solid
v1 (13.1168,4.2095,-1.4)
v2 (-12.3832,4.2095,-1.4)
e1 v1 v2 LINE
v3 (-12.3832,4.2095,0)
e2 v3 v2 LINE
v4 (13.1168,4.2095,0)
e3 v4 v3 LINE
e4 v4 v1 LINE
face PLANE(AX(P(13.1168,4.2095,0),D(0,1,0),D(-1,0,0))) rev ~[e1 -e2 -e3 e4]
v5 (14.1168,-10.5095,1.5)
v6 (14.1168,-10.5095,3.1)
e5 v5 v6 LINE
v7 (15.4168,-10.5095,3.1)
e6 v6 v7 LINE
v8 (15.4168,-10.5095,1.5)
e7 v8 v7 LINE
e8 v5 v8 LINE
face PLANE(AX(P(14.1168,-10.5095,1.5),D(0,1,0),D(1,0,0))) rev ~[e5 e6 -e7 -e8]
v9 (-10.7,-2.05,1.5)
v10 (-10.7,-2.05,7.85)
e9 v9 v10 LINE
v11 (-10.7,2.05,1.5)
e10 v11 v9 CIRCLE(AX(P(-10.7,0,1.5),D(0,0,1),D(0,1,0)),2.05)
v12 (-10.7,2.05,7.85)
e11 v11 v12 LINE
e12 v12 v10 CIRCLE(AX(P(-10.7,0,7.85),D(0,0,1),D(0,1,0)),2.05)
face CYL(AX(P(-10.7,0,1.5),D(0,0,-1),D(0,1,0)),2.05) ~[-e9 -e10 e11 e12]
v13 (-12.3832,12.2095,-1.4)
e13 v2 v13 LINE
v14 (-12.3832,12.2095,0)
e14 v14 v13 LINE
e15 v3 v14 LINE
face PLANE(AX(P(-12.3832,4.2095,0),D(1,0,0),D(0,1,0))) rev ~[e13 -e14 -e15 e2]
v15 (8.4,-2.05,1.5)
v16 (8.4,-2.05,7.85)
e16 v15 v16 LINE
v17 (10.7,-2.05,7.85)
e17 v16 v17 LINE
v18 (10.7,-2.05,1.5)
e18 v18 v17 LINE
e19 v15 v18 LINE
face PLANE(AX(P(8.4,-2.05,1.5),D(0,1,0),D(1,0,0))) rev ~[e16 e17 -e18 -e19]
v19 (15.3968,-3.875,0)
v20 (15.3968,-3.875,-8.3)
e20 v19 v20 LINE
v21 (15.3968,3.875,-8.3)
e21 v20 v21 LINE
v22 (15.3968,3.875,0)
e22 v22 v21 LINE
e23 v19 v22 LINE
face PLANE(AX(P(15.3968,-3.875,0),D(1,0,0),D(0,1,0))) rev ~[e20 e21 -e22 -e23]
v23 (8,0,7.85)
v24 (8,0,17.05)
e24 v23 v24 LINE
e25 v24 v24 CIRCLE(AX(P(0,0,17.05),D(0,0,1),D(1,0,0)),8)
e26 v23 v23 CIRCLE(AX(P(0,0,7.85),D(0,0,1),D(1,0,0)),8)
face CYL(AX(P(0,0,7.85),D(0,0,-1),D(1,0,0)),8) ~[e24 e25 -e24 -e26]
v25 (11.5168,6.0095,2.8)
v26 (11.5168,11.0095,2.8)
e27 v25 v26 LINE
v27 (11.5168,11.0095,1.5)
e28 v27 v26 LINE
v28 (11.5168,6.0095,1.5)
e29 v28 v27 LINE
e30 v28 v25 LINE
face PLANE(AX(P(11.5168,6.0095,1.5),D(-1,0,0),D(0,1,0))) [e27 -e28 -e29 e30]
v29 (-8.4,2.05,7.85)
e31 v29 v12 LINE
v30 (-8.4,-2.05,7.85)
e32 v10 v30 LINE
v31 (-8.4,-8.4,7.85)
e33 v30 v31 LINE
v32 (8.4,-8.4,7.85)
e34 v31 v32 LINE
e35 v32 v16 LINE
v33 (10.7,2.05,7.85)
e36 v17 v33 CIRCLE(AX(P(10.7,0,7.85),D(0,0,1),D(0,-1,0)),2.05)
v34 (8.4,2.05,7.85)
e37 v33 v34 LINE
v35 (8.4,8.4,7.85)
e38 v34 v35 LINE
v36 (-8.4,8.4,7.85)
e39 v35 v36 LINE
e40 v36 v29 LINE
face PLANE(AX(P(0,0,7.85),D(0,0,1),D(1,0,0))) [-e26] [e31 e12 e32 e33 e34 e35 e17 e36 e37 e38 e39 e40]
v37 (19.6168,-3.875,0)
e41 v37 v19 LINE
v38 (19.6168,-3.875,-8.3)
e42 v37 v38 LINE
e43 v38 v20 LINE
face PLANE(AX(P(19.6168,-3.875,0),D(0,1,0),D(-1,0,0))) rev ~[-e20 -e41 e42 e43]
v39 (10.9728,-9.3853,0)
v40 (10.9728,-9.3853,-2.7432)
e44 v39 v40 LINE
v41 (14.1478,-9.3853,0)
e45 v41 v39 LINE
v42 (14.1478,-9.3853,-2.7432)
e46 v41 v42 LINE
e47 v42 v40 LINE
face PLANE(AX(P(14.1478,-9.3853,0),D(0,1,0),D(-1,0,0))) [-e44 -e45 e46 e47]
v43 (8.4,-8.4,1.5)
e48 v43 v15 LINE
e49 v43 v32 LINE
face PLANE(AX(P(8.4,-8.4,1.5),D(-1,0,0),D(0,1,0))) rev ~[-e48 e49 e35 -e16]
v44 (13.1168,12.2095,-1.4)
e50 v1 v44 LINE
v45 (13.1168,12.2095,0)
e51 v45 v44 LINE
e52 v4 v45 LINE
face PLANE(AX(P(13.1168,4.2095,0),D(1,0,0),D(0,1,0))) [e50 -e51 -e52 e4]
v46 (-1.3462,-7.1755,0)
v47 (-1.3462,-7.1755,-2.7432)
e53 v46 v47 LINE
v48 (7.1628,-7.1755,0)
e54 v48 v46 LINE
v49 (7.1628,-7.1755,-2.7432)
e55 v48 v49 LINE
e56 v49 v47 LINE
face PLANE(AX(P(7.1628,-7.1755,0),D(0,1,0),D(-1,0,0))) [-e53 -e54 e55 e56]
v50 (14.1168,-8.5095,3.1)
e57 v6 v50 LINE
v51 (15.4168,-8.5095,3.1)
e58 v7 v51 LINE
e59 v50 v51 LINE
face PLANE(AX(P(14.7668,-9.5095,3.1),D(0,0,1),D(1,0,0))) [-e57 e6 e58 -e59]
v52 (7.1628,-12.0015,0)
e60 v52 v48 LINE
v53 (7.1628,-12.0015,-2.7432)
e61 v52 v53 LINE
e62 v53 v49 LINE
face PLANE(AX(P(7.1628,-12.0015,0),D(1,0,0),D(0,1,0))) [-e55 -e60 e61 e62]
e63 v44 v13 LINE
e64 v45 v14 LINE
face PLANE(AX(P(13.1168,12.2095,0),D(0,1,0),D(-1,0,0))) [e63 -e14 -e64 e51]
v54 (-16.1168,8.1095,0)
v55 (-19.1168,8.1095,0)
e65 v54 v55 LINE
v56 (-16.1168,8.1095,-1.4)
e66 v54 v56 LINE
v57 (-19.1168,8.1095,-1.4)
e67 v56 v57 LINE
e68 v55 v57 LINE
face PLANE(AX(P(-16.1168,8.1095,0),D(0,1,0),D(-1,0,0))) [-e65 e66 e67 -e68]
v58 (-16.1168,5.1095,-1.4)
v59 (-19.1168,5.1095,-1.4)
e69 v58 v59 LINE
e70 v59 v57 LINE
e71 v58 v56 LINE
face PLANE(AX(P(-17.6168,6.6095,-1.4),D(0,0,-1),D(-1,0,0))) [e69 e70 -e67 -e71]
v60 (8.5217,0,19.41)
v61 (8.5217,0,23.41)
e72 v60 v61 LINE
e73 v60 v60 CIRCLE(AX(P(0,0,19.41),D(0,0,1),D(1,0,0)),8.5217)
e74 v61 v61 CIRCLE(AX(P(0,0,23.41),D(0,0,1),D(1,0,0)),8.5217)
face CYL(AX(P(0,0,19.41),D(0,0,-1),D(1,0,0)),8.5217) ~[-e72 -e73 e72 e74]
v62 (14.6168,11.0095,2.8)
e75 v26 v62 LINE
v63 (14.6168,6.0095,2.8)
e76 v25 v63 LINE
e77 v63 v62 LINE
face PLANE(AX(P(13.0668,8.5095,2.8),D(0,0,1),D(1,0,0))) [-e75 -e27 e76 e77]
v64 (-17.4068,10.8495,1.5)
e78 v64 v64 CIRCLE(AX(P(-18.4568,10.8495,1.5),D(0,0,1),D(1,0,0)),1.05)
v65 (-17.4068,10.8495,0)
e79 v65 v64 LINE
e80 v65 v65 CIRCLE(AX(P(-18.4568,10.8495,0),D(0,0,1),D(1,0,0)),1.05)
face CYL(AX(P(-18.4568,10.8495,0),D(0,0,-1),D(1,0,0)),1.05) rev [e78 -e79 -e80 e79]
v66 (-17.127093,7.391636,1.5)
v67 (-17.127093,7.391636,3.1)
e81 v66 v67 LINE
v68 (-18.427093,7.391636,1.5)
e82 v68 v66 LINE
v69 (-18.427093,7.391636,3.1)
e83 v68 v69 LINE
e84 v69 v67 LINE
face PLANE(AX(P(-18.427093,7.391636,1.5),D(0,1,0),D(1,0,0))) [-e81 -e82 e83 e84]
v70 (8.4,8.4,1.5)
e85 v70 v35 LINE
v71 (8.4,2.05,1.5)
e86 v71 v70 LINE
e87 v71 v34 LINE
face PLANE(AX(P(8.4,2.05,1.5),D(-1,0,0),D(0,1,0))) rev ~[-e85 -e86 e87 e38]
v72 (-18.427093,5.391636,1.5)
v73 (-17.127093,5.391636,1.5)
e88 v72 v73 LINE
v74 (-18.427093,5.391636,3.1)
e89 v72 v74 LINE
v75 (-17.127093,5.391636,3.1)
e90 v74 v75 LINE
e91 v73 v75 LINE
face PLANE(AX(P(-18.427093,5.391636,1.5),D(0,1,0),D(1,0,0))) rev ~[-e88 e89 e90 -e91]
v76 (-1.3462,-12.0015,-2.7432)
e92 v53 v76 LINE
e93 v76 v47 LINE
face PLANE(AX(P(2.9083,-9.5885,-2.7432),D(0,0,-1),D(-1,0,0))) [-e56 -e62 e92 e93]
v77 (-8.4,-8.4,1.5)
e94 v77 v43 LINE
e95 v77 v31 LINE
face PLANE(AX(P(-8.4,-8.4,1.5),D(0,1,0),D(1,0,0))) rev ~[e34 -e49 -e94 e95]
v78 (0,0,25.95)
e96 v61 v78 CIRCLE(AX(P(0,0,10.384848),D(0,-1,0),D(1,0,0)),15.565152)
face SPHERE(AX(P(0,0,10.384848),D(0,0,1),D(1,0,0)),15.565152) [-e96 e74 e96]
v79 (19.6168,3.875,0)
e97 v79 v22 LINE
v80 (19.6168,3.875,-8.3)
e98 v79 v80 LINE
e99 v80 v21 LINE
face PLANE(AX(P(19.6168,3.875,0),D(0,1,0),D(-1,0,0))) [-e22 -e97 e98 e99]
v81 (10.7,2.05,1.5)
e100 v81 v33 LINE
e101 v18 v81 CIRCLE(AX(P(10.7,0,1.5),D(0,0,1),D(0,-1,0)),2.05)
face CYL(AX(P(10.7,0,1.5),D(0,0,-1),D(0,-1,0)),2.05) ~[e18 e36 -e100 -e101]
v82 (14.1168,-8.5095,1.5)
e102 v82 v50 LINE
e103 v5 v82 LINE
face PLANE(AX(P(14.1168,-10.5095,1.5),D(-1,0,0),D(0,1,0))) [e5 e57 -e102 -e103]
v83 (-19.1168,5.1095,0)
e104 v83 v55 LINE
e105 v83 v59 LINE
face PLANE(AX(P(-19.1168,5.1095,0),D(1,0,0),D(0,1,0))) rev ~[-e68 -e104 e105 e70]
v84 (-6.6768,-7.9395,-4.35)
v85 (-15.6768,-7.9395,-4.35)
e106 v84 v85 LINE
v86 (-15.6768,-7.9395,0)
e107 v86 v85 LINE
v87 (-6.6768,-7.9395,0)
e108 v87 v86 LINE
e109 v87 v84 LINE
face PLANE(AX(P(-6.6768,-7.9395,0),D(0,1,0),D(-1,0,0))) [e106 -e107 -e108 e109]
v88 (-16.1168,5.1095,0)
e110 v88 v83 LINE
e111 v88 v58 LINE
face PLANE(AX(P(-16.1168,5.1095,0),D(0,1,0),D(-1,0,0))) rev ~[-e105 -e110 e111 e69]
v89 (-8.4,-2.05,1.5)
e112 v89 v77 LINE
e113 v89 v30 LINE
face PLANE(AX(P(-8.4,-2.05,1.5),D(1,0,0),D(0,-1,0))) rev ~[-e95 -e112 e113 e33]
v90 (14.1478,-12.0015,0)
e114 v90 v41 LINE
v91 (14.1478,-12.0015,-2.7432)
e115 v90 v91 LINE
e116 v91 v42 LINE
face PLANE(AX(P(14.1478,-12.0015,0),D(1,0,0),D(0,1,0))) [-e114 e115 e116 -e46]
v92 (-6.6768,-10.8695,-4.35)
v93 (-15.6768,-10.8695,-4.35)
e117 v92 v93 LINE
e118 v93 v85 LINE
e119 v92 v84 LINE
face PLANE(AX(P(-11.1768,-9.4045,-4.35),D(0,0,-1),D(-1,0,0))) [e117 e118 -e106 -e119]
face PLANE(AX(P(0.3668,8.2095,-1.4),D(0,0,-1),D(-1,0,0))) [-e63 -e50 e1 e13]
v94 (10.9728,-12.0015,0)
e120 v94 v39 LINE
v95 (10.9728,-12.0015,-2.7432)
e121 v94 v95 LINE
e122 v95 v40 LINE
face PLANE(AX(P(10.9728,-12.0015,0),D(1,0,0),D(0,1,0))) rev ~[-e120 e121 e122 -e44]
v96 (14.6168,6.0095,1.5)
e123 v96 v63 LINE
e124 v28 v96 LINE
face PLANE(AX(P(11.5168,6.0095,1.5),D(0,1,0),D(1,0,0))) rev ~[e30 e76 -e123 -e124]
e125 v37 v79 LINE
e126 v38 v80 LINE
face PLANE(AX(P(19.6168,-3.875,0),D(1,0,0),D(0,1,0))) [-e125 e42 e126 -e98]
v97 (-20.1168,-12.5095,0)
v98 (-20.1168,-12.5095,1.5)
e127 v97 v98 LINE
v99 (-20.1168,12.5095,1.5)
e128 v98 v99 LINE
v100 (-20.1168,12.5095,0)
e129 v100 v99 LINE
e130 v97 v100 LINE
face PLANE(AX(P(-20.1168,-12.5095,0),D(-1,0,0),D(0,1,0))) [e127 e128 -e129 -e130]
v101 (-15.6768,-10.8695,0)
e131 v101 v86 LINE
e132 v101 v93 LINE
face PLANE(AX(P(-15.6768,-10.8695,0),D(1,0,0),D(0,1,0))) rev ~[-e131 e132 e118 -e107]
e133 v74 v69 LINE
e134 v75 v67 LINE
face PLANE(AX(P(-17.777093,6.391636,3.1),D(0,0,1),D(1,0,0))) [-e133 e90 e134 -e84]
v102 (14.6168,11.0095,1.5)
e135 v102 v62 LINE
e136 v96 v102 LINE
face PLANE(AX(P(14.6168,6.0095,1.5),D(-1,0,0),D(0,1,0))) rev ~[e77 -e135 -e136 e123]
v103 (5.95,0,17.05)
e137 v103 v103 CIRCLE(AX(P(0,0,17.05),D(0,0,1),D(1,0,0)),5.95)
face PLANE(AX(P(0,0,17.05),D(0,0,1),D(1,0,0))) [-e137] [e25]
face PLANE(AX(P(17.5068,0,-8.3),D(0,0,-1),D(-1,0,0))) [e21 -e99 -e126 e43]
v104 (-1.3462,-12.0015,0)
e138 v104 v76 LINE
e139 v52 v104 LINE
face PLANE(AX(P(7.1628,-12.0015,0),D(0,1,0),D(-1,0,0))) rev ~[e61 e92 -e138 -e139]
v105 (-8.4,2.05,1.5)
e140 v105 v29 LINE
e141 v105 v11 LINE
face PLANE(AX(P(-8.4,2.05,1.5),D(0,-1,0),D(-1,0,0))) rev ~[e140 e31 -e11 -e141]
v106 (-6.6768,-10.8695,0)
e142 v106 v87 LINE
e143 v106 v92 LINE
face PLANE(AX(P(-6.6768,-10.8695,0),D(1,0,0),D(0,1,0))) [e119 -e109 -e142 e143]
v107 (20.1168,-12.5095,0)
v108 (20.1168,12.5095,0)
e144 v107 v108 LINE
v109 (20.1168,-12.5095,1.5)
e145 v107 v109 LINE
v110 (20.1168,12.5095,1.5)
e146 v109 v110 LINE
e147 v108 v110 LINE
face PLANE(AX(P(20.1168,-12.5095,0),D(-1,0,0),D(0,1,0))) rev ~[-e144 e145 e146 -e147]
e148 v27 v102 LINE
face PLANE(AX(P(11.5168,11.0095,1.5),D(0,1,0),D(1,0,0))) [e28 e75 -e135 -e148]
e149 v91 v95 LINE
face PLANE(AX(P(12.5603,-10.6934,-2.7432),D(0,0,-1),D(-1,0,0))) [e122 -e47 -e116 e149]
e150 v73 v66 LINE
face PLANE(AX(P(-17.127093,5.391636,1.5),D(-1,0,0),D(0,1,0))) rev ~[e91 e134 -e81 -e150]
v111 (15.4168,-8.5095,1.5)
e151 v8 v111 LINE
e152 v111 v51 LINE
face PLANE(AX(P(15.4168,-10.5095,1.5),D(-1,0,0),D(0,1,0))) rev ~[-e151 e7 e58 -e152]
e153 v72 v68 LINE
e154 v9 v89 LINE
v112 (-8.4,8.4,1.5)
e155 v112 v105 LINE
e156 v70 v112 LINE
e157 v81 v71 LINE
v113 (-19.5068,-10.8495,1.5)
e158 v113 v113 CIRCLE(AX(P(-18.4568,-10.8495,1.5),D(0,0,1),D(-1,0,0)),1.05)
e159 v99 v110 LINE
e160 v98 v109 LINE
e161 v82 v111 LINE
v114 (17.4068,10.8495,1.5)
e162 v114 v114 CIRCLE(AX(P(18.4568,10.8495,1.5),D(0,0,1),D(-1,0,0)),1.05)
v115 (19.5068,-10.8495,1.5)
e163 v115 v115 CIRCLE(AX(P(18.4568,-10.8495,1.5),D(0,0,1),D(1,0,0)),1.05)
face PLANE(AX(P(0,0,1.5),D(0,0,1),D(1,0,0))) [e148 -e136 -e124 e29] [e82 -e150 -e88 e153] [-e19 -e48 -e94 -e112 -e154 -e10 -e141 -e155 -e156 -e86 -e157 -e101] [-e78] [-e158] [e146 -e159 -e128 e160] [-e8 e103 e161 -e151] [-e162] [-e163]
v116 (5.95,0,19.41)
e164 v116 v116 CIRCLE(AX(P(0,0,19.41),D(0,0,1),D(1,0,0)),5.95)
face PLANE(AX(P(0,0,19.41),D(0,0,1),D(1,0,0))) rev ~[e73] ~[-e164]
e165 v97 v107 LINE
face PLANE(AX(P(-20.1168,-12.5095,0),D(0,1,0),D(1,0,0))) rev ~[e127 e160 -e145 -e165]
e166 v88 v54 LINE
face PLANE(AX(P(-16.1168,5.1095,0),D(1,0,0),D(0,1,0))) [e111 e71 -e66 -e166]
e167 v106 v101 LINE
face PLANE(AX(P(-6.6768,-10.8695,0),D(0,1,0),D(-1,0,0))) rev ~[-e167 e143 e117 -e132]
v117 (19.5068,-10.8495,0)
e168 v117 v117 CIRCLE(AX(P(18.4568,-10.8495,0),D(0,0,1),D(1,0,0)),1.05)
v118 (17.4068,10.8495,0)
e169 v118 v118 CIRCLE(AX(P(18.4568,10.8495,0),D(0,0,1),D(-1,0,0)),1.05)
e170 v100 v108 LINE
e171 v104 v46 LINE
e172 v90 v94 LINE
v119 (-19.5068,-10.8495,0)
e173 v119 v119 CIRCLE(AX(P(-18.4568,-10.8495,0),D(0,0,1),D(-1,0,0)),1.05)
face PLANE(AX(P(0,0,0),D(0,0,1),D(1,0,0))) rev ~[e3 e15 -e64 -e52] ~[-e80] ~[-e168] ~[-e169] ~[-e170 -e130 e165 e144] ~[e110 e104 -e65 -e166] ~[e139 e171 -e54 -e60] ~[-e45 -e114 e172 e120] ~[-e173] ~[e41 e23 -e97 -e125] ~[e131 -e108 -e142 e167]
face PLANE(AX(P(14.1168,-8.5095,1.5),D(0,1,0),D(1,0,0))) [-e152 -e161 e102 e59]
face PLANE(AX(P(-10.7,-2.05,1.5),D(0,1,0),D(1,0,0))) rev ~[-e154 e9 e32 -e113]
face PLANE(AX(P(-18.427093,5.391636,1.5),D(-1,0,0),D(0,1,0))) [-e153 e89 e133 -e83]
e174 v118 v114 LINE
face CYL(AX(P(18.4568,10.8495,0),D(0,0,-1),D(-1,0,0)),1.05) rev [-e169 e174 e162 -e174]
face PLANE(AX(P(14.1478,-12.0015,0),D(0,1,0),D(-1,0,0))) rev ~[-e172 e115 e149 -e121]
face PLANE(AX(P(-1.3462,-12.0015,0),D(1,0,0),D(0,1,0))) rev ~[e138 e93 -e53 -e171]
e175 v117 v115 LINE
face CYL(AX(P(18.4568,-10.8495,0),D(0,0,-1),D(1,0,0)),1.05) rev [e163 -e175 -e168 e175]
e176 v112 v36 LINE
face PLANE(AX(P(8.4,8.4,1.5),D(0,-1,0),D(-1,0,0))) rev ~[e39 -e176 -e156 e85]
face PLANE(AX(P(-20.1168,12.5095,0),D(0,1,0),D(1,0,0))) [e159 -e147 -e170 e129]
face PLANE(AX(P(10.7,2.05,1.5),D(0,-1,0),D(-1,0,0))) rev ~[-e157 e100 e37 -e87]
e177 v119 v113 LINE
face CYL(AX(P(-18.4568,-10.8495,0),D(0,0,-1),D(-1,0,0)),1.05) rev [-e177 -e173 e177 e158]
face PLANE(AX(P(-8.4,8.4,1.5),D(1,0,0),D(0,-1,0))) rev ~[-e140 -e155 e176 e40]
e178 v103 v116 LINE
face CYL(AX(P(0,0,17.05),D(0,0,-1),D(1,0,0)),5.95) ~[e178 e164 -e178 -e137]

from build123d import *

# Parameters (mm, degrees)
SKETCH2_W            = 40.2336
SKETCH2_H            = 25.019
SKETCH2_R            = 1.05
BOSS_EXTRUDE1_DEPTH  = 1.5
BOSS_EXTRUDE2_DEPTH  = 6.35
SKETCH4_R            = 8
BOSS_EXTRUDE3_DEPTH  = 9.2
SKETCH5_R            = 5.95
BOSS_EXTRUDE4_DEPTH  = 2.36
SKETCH6_R            = 8.5217
LENS_DEPTH           = 4
SKETCH7_W            = 4.22
SKETCH7_H            = 7.75
BOSS_EXTRUDE6_DEPTH  = 8.3
SKETCH8_W            = 9
SKETCH8_H            = 2.93
BOSS_EXTRUDE7_DEPTH  = 4.35
SKETCH9_W            = 3.1
SKETCH9_H            = 5
BOSS_EXTRUDE8_DEPTH  = 1.3
SKETCH10_W           = 25.5
SKETCH10_H           = 8
BOSS_EXTRUDE9_DEPTH  = 1.4
SKETCH11_W           = 1.3
SKETCH11_H           = 2
BOSS_EXTRUDE10_DEPTH = 1.6
SKETCH12_W           = 3
SKETCH12_H           = 3
BOSS_EXTRUDE11_DEPTH = 1.4
SKETCH13_W           = 3.175
SKETCH13_H           = 2.6162
SKETCH13_W_2         = 8.509
SKETCH13_H_2         = 4.826
BOSS_EXTRUDE12_DEPTH = 2.7432
DOME1_FACE_RADIUS    = 8.5217
DOME1_HEIGHT         = 2.54


with BuildPart() as part:
    # Sketch2 → Boss-Extrude1 (new body)
    with BuildSketch(Plane.XY):
        Rectangle(SKETCH2_W, SKETCH2_H)
        with Locations((-18.4568, 10.8495)):
            Circle(SKETCH2_R, mode=Mode.SUBTRACT)
        with Locations(Location((-18.4568, -10.8495, 0), (0, 0, 180))):
            Circle(SKETCH2_R, mode=Mode.SUBTRACT)
        with Locations((18.4568, -10.8495)):
            Circle(SKETCH2_R, mode=Mode.SUBTRACT)
        with Locations(Location((18.4568, 10.8495, 0), (0, 0, 180))):
            Circle(SKETCH2_R, mode=Mode.SUBTRACT)
    extrude(amount=BOSS_EXTRUDE1_DEPTH)

    # Sketch3 → Boss-Extrude2 (add)
    with BuildSketch(Plane.XY.offset(1.5)):
        with BuildLine():
            Line((-8.4, -2.05), (-8.4, -8.4))
            Line((-8.4, -8.4), (8.4, -8.4))
            Line((8.4, -8.4), (8.4, -2.05))
            Line((8.4, -2.05), (10.7, -2.05))
            ThreePointArc((10.7, -2.05), (12.75, 0), (10.7, 2.05))
            Line((10.7, 2.05), (8.4, 2.05))
            Line((8.4, 2.05), (8.4, 8.4))
            Line((8.4, 8.4), (-8.4, 8.4))
            Line((-8.4, 8.4), (-8.4, 2.05))
            Line((-8.4, 2.05), (-10.7, 2.05))
            ThreePointArc((-10.7, 2.05), (-12.75, 0), (-10.7, -2.05))
            Line((-10.7, -2.05), (-8.4, -2.05))
        make_face()
    extrude(amount=BOSS_EXTRUDE2_DEPTH)

    # Sketch4 → Boss-Extrude3 (add)
    with BuildSketch(Plane.XY.offset(7.85)):
        Circle(SKETCH4_R)
    extrude(amount=BOSS_EXTRUDE3_DEPTH)

    # Sketch5 → Boss-Extrude4 (add)
    with BuildSketch(Plane.XY.offset(17.05)):
        Circle(SKETCH5_R)
    extrude(amount=BOSS_EXTRUDE4_DEPTH)

    # Sketch6 → Lens (add)
    with BuildSketch(Plane.XY.offset(19.41)):
        Circle(SKETCH6_R)
    extrude(amount=LENS_DEPTH)

    # Sketch7 → Boss-Extrude6 (add)
    with BuildSketch(Plane(origin=(0, 0, 0), x_dir=(-1, 0, 0), z_dir=(0, 0, -1))):
        with Locations((-17.5068, 0)):
            Rectangle(SKETCH7_W, SKETCH7_H)
    extrude(amount=BOSS_EXTRUDE6_DEPTH)

    # Sketch8 → Boss-Extrude7 (add)
    with BuildSketch(Plane(origin=(0, 0, 0), x_dir=(-1, 0, 0), z_dir=(0, 0, -1))):
        with Locations((11.1768, -9.4045)):
            Rectangle(SKETCH8_W, SKETCH8_H)
    extrude(amount=BOSS_EXTRUDE7_DEPTH)

    # Sketch9 → Boss-Extrude8 (add)
    with BuildSketch(Plane.XY.offset(1.5)):
        with Locations((13.0668, 8.5095)):
            Rectangle(SKETCH9_W, SKETCH9_H)
    extrude(amount=BOSS_EXTRUDE8_DEPTH)

    # Sketch10 → Boss-Extrude9 (add)
    with BuildSketch(Plane(origin=(0, 0, 0), x_dir=(-1, 0, 0), z_dir=(0, 0, -1))):
        with Locations((-0.3668, 8.2095)):
            Rectangle(SKETCH10_W, SKETCH10_H)
    extrude(amount=BOSS_EXTRUDE9_DEPTH)

    # Sketch11 → Boss-Extrude10 (add)
    with BuildSketch(Plane.XY.offset(1.5)):
        with Locations((14.7668, -9.5095)):
            Rectangle(SKETCH11_W, SKETCH11_H)
        with Locations((-17.777092667, 6.391636208)):
            Rectangle(SKETCH11_W, SKETCH11_H)
    extrude(amount=BOSS_EXTRUDE10_DEPTH)

    # Sketch12 → Boss-Extrude11 (add)
    with BuildSketch(Plane(origin=(0, 0, 0), x_dir=(-1, 0, 0), z_dir=(0, 0, -1))):
        with Locations((17.6168, 6.6095)):
            Rectangle(SKETCH12_W, SKETCH12_H)
    extrude(amount=BOSS_EXTRUDE11_DEPTH)

    # Sketch13 → Boss-Extrude12 (add)
    with BuildSketch(Plane(origin=(0, 0, 0), x_dir=(-1, 0, 0), z_dir=(0, 0, -1))):
        with Locations((-12.5603, -10.6934)):
            Rectangle(SKETCH13_W, SKETCH13_H)
        with Locations((-2.9083, -9.5885)):
            Rectangle(SKETCH13_W_2, SKETCH13_H_2)
    extrude(amount=BOSS_EXTRUDE12_DEPTH)

    # Dome1: a dome of height H over a round flat face of radius A is a cap of a sphere of radius (A * A + H * H) / (2 * H)
    dome1_r = (DOME1_FACE_RADIUS * DOME1_FACE_RADIUS + DOME1_HEIGHT * DOME1_HEIGHT) / (2 * DOME1_HEIGHT)
    dome1_base = Plane((0, 0, 23.41), z_dir=(0, 0, 1))
    with Locations(dome1_base.offset(DOME1_HEIGHT - dome1_r)):
        dome1_ball = Sphere(dome1_r, mode=Mode.PRIVATE)
    add(split(dome1_ball, bisect_by=dome1_base, keep=Keep.TOP, mode=Mode.PRIVATE))


solid = part.part
